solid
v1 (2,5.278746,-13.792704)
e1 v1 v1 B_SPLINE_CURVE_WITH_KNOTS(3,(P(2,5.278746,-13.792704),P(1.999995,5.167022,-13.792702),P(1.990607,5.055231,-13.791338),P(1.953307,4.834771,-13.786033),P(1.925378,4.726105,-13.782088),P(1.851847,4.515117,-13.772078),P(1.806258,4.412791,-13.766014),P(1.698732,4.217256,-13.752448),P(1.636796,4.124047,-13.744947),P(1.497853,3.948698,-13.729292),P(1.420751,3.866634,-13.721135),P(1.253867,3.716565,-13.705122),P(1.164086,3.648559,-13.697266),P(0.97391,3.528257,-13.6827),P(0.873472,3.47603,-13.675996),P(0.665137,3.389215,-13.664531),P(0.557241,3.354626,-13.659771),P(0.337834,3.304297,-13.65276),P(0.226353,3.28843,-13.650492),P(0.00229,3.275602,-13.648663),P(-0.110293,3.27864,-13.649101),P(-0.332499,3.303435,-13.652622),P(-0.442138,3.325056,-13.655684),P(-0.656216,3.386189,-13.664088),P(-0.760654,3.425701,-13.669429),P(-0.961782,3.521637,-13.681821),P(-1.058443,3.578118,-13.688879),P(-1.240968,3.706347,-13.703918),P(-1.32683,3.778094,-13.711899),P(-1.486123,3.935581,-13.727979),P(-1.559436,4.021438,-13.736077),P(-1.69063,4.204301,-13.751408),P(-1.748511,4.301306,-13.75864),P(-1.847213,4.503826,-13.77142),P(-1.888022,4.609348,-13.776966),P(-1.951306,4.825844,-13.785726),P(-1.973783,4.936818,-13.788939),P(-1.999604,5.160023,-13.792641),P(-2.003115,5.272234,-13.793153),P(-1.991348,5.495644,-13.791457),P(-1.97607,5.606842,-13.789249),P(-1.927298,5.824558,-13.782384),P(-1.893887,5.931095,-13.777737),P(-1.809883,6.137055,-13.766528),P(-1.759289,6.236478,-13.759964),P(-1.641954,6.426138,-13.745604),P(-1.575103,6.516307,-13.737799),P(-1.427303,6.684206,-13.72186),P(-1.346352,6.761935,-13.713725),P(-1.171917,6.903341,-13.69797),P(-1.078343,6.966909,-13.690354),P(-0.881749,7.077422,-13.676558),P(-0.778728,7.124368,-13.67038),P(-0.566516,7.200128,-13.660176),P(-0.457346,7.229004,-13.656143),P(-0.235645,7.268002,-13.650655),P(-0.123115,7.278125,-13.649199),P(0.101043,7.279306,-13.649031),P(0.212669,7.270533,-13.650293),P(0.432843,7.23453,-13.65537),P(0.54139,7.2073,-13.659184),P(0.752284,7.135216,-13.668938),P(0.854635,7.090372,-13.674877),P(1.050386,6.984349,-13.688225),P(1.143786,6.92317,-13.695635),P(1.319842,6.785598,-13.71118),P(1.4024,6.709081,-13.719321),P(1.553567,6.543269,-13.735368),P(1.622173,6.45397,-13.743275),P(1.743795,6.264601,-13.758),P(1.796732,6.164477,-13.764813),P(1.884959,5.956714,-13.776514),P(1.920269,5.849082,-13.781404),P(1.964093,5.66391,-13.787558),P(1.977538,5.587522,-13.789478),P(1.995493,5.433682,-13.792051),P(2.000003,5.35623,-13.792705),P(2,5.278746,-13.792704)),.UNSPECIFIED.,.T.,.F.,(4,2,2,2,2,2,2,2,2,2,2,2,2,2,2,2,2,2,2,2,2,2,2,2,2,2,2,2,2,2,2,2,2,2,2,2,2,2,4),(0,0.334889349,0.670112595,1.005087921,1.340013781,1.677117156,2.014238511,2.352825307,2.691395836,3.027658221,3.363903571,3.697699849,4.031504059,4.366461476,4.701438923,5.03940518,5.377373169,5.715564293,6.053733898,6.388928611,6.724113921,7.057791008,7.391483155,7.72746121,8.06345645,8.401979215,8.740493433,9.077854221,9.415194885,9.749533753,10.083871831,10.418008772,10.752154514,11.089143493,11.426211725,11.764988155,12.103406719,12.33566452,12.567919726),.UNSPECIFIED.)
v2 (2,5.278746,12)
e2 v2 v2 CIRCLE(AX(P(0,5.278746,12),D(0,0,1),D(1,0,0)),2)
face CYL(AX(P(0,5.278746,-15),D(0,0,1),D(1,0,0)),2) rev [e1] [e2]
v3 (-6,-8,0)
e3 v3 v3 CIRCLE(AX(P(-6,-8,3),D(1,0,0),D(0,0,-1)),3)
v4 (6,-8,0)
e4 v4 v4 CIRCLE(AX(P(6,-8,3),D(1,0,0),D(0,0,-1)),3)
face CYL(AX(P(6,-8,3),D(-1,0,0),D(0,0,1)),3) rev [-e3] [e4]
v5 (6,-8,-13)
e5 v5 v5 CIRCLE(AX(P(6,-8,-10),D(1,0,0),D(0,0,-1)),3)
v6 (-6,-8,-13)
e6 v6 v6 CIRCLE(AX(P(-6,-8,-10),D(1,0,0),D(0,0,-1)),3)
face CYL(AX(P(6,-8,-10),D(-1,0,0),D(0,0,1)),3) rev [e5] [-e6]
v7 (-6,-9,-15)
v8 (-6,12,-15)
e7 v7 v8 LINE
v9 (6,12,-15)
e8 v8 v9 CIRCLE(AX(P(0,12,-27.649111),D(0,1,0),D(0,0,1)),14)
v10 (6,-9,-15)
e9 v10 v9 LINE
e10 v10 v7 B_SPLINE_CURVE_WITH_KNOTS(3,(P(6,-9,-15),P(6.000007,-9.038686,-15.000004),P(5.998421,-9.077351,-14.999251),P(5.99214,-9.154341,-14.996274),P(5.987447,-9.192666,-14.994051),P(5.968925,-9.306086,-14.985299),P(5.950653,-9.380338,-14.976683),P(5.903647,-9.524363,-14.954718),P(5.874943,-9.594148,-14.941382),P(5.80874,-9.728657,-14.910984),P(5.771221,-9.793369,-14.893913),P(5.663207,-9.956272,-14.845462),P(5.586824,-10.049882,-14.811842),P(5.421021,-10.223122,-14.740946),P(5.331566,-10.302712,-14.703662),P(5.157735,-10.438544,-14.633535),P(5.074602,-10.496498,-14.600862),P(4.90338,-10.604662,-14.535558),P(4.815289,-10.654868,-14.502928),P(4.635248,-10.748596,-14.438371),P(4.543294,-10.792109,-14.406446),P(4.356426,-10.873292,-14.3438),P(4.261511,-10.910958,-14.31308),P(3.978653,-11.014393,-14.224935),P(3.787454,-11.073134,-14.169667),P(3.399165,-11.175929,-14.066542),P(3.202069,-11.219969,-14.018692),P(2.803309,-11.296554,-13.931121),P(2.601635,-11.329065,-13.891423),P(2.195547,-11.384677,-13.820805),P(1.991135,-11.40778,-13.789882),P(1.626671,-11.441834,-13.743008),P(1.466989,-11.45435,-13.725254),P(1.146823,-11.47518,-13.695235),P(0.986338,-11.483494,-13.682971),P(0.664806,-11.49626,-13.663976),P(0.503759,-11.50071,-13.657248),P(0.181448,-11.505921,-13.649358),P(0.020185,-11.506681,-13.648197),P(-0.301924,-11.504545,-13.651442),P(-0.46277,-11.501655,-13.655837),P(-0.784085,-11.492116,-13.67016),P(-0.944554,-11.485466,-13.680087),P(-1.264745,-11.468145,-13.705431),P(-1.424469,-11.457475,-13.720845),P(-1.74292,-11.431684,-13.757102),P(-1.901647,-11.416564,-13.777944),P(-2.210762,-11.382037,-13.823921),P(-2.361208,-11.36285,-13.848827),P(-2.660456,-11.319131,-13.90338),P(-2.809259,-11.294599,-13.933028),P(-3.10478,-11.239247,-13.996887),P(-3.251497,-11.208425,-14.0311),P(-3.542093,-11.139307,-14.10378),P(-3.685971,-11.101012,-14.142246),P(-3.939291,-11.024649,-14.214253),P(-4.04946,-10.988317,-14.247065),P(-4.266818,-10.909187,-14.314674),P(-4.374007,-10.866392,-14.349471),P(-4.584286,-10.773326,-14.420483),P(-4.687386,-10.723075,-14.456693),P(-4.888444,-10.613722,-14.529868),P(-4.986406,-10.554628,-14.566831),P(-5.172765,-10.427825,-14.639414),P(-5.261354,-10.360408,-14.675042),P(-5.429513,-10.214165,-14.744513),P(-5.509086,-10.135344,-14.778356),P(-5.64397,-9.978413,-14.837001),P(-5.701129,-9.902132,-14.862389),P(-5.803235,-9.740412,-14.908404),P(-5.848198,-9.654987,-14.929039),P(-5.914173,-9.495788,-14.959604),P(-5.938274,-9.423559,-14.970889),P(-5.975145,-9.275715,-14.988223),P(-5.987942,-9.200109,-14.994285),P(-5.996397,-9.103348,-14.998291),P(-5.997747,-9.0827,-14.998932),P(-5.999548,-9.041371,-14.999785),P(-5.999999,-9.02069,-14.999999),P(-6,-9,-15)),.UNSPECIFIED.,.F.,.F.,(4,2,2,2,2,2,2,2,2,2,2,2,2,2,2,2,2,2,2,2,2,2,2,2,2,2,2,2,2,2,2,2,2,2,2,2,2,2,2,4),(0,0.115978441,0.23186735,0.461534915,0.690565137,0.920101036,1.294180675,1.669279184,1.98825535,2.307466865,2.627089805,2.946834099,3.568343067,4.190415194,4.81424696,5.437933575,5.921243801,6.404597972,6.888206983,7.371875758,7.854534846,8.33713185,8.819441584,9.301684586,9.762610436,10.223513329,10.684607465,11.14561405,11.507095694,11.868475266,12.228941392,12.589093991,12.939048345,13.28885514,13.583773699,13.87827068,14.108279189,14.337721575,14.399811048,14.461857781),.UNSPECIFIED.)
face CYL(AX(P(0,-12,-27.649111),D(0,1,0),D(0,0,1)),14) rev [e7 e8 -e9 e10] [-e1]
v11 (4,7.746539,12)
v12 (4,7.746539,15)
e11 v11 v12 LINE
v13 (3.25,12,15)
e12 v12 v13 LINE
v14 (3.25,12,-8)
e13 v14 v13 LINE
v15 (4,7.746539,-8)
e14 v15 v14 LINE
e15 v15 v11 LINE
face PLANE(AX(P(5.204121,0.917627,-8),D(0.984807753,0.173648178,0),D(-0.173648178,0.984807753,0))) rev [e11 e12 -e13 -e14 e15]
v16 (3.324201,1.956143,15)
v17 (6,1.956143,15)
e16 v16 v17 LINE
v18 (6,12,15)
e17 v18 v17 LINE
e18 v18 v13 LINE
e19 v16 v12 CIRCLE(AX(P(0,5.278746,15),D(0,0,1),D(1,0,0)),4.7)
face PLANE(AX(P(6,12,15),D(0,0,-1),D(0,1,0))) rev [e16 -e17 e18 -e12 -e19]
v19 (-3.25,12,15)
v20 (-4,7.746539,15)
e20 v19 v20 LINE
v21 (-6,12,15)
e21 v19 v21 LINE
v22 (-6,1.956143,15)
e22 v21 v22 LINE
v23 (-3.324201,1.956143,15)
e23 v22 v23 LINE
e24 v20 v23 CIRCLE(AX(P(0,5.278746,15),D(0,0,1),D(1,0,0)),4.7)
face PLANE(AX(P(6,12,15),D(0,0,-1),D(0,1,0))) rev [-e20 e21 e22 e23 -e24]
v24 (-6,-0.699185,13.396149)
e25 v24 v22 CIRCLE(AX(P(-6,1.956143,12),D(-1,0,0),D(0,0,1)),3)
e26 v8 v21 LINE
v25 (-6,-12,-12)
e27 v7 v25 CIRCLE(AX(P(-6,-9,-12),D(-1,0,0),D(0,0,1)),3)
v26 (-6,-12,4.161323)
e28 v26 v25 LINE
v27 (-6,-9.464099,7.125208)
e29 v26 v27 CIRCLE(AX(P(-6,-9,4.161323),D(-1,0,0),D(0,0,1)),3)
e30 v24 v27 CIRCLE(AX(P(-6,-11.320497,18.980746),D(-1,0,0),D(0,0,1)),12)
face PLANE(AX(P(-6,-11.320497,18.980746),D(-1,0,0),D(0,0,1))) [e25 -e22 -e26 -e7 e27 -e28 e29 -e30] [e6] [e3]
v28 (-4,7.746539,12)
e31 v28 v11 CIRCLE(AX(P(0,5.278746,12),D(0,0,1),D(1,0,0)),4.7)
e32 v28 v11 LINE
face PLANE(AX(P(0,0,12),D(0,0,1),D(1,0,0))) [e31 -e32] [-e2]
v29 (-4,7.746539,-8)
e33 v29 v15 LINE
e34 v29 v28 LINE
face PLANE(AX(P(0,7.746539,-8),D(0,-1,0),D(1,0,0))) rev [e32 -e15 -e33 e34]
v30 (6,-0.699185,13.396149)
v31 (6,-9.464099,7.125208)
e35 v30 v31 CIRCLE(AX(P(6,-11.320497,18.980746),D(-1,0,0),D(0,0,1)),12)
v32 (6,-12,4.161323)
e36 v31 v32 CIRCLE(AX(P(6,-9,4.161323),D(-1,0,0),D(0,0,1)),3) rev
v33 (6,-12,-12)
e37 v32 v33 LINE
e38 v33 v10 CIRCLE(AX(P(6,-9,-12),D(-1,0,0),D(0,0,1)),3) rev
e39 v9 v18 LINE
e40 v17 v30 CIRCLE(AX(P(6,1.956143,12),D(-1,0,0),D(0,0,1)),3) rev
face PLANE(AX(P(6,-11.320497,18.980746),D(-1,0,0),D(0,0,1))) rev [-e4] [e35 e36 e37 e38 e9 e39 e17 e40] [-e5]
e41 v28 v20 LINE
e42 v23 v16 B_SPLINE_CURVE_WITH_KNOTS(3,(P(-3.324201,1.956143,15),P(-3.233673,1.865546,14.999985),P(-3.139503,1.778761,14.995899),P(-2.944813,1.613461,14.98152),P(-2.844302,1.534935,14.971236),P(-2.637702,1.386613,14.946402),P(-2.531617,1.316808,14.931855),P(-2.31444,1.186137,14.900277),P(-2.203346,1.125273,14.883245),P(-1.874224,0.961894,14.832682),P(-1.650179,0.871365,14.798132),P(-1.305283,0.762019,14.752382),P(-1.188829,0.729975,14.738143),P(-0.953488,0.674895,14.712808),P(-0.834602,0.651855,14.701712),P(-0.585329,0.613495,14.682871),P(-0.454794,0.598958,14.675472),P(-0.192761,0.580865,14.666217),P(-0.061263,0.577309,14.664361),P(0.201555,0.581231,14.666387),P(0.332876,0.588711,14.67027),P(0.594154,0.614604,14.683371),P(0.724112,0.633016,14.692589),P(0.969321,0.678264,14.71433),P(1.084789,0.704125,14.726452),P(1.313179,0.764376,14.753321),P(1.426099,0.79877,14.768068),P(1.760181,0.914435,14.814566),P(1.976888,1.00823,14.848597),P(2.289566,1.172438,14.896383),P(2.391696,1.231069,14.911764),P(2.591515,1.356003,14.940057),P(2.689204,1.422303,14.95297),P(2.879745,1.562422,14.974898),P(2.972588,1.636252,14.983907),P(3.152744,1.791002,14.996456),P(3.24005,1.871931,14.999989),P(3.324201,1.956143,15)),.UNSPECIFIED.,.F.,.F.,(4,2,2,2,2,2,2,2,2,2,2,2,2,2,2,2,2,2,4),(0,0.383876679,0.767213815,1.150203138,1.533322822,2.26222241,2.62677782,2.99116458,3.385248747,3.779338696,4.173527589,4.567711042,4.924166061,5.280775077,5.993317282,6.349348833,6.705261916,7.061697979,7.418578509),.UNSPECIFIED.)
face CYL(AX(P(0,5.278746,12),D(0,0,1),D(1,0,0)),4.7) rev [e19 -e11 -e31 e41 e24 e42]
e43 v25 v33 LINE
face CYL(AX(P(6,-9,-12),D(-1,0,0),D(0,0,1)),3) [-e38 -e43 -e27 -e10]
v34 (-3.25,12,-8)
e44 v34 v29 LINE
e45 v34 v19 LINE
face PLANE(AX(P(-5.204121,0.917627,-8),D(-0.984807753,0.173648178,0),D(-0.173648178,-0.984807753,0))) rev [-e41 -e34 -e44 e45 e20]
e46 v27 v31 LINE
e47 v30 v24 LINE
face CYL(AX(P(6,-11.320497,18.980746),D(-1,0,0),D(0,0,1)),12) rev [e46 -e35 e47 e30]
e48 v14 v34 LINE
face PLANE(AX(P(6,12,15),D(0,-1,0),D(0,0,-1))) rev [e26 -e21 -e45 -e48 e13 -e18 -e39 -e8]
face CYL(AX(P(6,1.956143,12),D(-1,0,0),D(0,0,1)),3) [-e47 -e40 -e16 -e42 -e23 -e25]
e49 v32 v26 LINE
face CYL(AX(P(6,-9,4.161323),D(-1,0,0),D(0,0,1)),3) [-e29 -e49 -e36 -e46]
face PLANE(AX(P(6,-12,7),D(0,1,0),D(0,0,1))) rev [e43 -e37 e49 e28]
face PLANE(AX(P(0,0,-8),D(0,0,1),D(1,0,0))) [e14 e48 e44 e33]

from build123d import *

# Parameters (mm, degrees)
SKETCH1_R           = 3
BOSS_EXTRUDE1_DEPTH = 6
FILLET1_R           = 3
SKETCH2_R           = 2
CUT_EXTRUDE1_DEPTH  = 33.86335345
CUT_EXTRUDE2_DEPTH  = 23
SKETCH2_4_R         = 2
CUT_EXTRUDE3_DEPTH  = 3
CUT_EXTRUDE4_DEPTH  = 29.930952356


with BuildPart() as part:
    # Sketch1 → Boss-Extrude1 (new, symmetric)
    with BuildSketch(Plane(origin=(0, 0, 0), x_dir=(0, 0, -1), z_dir=(1, 0, 0))):
        with BuildLine():
            Line((-15, 12), (15, 12))
            Line((15, 12), (15, -12))
            Line((15, -12), (-7, -12))
            ThreePointArc((-7, -12), (-8.996142529, -4.664095019), (-15, 0))
            Line((-15, 0), (-15, 12))
        make_face()
        with Locations((-3, -8)):
            Circle(SKETCH1_R, mode=Mode.SUBTRACT)
        with Locations((10, -8)):
            Circle(SKETCH1_R, mode=Mode.SUBTRACT)
    extrude(amount=BOSS_EXTRUDE1_DEPTH, both=True)

    # Fillet1
    fillet1_edges = [part.edges().sort_by_distance(p)[0] for p in [
        (0, -12, -15),
        (0, -12, 7),
        (0, 0, 15),
    ]]
    fillet(fillet1_edges, radius=FILLET1_R)

    # Sketch2 → Cut-Extrude1 (cut, through all)
    with BuildSketch(Plane.XY.offset(15)):
        with Locations((0, 5.278746099)):
            Circle(SKETCH2_R)
    extrude(amount=-CUT_EXTRUDE1_DEPTH, mode=Mode.SUBTRACT)

    # Sketch2<3> → Cut-Extrude2 (cut)
    with BuildSketch(Plane.XY.offset(15)):
        Polygon((3.25, 12), (-3.25, 12), (-4, 7.746538635), (4, 7.746538635), align=None)
    extrude(amount=-CUT_EXTRUDE2_DEPTH, mode=Mode.SUBTRACT)

    # Sketch2<4> → Cut-Extrude3 (cut)
    with BuildSketch(Plane.XY.offset(15)):
        with BuildLine():
            Line((4, 7.746538635), (-4, 7.746538635))
            ThreePointArc((-4, 7.746538635), (0, 0.578746099), (4, 7.746538635))
        make_face()
        with Locations((0, 5.278746099)):
            Circle(SKETCH2_4_R, mode=Mode.SUBTRACT)
    extrude(amount=-CUT_EXTRUDE3_DEPTH, mode=Mode.SUBTRACT)

    # Sketch3 → Cut-Extrude4 (cut, through all)
    with BuildSketch(Plane(origin=(0, 12, 0), x_dir=(1, 0, 0), z_dir=(0, 1, 0))):
        with BuildLine():
            Line((6, 15), (-6, 15))
            ThreePointArc((-6, 15), (0, 13.649110641), (6, 15))
        make_face()
    extrude(amount=-CUT_EXTRUDE4_DEPTH, mode=Mode.SUBTRACT)


solid = part.part
